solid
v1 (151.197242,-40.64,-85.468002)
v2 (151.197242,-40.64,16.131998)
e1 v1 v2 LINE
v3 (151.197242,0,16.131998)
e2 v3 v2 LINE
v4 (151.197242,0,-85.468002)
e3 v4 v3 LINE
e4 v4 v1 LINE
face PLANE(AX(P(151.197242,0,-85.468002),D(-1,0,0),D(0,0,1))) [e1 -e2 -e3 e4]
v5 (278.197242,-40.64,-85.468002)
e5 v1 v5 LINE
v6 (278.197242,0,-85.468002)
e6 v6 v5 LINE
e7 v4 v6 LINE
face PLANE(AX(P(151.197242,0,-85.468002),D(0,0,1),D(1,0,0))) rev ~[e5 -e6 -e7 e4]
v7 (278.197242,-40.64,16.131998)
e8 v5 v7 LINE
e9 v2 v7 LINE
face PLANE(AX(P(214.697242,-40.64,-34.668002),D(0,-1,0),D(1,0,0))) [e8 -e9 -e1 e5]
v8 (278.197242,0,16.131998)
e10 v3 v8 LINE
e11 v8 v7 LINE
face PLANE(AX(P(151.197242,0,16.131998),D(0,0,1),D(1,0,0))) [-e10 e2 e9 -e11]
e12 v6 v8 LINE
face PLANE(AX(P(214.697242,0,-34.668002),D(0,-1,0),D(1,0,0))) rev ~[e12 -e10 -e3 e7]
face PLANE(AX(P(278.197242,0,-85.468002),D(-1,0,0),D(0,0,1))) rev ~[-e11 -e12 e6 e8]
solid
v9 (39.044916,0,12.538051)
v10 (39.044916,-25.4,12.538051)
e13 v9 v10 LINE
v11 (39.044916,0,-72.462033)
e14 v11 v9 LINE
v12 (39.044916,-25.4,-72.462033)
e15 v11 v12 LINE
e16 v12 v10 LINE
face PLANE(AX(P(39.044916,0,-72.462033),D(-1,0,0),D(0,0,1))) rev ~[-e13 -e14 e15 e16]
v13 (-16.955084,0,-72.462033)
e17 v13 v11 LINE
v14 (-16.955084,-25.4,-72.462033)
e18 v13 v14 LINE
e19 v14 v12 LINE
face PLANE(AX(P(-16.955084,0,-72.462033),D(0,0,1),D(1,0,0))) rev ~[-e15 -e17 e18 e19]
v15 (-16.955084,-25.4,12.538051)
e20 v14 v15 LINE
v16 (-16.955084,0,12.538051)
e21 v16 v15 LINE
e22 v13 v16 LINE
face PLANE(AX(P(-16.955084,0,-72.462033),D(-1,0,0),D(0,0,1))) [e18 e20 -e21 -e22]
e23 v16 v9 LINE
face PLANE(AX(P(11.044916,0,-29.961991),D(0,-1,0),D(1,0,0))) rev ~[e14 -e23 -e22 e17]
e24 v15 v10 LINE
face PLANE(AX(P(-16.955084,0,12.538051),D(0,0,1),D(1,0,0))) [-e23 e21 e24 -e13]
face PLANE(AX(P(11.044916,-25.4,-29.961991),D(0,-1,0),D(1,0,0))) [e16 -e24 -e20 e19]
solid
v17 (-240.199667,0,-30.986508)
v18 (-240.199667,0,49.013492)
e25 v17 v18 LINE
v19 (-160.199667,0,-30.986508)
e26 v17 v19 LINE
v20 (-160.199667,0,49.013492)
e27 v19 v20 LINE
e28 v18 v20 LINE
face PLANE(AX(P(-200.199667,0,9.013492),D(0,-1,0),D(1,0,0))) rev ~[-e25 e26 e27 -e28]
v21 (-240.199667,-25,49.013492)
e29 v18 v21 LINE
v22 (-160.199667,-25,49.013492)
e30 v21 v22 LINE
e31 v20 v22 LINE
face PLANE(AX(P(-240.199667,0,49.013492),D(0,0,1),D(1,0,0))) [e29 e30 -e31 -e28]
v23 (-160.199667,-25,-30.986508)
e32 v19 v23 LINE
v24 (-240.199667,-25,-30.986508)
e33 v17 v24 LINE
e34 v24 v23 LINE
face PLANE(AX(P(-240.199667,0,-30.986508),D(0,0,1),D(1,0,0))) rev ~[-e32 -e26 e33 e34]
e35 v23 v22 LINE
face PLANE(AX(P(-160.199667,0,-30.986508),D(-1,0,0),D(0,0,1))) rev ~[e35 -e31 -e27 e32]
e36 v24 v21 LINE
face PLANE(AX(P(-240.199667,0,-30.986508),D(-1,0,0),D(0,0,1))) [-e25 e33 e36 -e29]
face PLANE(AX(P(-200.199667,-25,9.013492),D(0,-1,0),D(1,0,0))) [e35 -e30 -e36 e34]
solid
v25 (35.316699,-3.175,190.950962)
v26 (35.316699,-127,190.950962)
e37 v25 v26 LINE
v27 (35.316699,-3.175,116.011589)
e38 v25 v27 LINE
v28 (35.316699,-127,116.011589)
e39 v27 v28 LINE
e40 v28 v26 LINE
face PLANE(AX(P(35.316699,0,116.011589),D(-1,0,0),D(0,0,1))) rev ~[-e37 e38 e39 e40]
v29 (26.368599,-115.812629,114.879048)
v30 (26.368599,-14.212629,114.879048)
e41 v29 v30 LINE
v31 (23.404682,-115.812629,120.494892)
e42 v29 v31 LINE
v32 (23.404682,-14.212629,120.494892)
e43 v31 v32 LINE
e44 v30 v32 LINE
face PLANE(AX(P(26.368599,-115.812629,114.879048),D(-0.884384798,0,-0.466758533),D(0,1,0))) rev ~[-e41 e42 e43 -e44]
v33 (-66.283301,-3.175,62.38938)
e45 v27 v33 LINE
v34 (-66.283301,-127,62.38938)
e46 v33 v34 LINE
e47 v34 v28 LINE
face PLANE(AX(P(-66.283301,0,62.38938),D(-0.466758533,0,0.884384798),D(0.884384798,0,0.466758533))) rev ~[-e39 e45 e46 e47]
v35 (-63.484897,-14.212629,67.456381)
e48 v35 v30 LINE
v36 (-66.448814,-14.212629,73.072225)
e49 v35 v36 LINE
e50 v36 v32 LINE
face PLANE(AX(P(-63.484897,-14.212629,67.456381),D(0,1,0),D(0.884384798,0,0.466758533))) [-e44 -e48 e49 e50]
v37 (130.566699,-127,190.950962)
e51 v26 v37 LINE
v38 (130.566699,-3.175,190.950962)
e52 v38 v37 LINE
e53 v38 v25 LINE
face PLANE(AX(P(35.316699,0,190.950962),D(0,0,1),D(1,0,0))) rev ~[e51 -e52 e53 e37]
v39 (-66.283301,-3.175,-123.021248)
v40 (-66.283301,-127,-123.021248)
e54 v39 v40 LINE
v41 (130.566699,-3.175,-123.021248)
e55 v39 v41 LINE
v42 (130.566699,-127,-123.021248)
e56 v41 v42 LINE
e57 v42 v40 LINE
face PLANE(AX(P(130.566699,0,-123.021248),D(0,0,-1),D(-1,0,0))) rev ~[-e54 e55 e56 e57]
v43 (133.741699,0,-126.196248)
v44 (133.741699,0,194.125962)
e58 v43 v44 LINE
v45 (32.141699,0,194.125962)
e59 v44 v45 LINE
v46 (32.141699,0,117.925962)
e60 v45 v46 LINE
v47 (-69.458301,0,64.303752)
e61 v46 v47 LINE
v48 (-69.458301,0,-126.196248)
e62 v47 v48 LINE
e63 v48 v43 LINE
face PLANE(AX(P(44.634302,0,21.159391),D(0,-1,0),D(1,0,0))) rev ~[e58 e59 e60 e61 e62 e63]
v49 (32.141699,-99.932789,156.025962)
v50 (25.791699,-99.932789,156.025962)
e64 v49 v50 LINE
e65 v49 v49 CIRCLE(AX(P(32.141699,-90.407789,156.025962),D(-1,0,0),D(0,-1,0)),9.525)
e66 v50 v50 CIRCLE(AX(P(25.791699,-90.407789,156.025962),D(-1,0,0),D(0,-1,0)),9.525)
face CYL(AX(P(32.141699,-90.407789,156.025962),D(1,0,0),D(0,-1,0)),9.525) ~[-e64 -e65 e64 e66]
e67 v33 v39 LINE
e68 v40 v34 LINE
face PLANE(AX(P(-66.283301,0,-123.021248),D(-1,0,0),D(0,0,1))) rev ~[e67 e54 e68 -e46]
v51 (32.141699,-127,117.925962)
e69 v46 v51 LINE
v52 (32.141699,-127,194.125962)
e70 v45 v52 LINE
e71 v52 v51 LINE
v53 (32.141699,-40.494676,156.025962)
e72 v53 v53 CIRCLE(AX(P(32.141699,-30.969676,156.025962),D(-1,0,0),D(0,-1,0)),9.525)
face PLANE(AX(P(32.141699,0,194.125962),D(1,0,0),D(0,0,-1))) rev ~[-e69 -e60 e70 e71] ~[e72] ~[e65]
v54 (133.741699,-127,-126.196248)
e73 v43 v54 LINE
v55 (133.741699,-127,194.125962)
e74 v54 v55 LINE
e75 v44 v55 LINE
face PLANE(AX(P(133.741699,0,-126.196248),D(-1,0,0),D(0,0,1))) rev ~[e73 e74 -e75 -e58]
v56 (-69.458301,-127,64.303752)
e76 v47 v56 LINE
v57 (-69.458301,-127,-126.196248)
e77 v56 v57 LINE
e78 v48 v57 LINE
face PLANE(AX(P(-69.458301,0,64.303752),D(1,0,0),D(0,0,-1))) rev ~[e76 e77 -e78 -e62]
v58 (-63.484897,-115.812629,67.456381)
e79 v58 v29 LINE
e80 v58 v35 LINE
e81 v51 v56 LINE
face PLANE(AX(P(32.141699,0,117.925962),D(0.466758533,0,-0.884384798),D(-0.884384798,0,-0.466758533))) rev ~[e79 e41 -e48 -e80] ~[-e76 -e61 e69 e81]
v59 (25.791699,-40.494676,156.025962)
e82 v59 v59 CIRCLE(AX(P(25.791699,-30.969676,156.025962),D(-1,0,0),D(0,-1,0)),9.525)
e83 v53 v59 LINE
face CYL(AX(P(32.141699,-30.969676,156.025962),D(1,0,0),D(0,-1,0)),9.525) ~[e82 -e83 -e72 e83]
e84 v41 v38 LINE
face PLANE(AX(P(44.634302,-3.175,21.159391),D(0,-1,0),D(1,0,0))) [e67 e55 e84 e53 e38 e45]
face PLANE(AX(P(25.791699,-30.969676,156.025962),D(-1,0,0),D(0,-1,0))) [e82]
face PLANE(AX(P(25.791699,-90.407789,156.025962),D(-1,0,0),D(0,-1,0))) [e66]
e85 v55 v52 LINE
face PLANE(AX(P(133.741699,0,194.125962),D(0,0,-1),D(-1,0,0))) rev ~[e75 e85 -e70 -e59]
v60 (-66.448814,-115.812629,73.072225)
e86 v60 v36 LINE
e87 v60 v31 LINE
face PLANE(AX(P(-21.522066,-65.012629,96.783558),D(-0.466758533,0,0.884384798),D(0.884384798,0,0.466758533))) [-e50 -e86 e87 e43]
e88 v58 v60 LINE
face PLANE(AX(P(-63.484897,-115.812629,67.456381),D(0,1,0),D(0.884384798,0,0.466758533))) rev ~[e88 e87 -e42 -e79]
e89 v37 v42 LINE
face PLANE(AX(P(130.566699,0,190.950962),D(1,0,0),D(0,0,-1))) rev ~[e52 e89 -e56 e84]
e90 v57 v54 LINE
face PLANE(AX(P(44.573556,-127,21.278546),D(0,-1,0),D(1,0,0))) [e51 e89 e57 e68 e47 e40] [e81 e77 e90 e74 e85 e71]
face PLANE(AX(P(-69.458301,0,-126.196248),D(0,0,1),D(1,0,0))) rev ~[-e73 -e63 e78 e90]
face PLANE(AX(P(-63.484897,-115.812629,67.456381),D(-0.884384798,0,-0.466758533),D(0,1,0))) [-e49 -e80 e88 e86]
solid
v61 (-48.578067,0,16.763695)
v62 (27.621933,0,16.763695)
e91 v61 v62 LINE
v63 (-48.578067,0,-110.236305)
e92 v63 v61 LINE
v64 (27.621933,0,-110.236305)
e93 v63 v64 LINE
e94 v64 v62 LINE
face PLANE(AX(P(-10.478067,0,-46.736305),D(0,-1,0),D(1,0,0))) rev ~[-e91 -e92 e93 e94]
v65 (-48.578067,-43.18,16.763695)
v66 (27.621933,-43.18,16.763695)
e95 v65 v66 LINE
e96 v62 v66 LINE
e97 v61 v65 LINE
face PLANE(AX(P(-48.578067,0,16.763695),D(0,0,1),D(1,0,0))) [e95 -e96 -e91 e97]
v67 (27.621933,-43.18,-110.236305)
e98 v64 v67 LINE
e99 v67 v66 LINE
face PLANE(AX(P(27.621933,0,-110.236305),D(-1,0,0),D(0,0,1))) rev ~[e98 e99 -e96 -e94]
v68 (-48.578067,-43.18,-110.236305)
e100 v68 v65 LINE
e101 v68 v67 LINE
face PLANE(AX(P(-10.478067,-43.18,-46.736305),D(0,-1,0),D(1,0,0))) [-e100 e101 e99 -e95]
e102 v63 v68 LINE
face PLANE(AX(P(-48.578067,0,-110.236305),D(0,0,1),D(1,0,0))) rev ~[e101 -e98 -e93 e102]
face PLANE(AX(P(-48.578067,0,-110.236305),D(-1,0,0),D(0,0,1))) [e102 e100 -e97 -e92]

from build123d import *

# Parameters (mm, degrees)
F1_DEPTH  = 127
F2_DEPTH  = 3.175
F3_W      = 56
F3_H      = 85.000084
F4_DEPTH  = 25.4
F5_W      = 76.2
F5_H      = 127
F6_DEPTH  = 43.18
F7_W      = 127
F7_H      = 101.6
F8_DEPTH  = 40.64
F9_W      = 80
F9_H      = 80
F10_DEPTH = 25
F11_W     = 101.6
F11_H     = 101.6
F12_DEPTH = 6.35
F13_R     = 9.525
F14_DEPTH = 6.35


with BuildPart() as f1:
    # F0 (on Front) → F1 (new body)
    with BuildSketch(Plane.XZ):
        Polygon((-69.4583011687, 64.3037520634), (-69.4583011687, -126.1962479366), (133.7416988313, -126.1962479366), (133.7416988313, 105.5787520634), (133.7416988313, 194.1259615968), (32.1416988313, 194.1259615968), (32.1416988313, 117.9259615968), align=None)
        Polygon((-66.2833011687, -123.0212479366), (-66.2833011687, 62.3893798805), (35.3166988313, 116.0115894138), (35.3166988313, 190.9509615968), (130.5666988313, 190.9509615968), (130.5666988313, 105.5787520634), (130.5666988313, -123.0212479366), align=None, mode=Mode.SUBTRACT)
    extrude(amount=F1_DEPTH)

    # F0 (on Front) → F2 (join)
    with BuildSketch(Plane.XZ):
        Polygon((35.3166988313, 116.0115894138), (-66.2833011687, 62.3893798805), (-66.2833011687, -123.0212479366), (130.5666988313, -123.0212479366), (130.5666988313, 105.5787520634), (130.5666988313, 190.9509615968), (35.3166988313, 190.9509615968), align=None)
    extrude(amount=F2_DEPTH)

    # F11 (on face) → F12 (join)
    with BuildSketch(Plane(origin=(-41.6766433185, 0, 78.9662902369), x_dir=(0.8843847984, 0, 0.4667585332), z_dir=(-0.4667585332, 0, 0.8843847984))):
        with Locations((26.1407637417, -65.0126294613)):
            Rectangle(F11_W, F11_H)
    extrude(amount=F12_DEPTH)

    # F13 (on face) → F14 (join)
    with BuildSketch(Plane(origin=(32.1416988313, 0, 0), x_dir=(0, -1, 0), z_dir=(-1, 0, 0))):
        with Locations((30.9696756303, 156.0259615968)):
            Circle(F13_R)
        with Locations((90.4077887535, 156.0259615968)):
            Circle(F13_R)
    extrude(amount=F14_DEPTH)


with BuildPart() as f4:
    # F3 (on Front) → F4 (new body)
    with BuildSketch(Plane.XZ):
        with Locations((11.0449163035, -29.9619909192)):
            Rectangle(F3_W, F3_H)
    extrude(amount=F4_DEPTH)


with BuildPart() as f6:
    # F5 (on Front) → F6 (new body)
    with BuildSketch(Plane.XZ):
        with Locations((-10.4780673653, -46.7363045835)):
            Rectangle(F5_W, F5_H)
    extrude(amount=F6_DEPTH)


with BuildPart() as f8:
    # F7 (on Front) → F8 (new body)
    with BuildSketch(Plane.XZ):
        with Locations((214.6972416401, -34.6680016637)):
            Rectangle(F7_W, F7_H)
    extrude(amount=F8_DEPTH)


with BuildPart() as f10:
    # F9 (on Front) → F10 (new body)
    with BuildSketch(Plane.XZ):
        with Locations((-200.1996668577, 9.0134921074)):
            Rectangle(F9_W, F9_H)
    extrude(amount=F10_DEPTH)


solid = Compound([f1.part, f4.part, f6.part, f8.part, f10.part])
